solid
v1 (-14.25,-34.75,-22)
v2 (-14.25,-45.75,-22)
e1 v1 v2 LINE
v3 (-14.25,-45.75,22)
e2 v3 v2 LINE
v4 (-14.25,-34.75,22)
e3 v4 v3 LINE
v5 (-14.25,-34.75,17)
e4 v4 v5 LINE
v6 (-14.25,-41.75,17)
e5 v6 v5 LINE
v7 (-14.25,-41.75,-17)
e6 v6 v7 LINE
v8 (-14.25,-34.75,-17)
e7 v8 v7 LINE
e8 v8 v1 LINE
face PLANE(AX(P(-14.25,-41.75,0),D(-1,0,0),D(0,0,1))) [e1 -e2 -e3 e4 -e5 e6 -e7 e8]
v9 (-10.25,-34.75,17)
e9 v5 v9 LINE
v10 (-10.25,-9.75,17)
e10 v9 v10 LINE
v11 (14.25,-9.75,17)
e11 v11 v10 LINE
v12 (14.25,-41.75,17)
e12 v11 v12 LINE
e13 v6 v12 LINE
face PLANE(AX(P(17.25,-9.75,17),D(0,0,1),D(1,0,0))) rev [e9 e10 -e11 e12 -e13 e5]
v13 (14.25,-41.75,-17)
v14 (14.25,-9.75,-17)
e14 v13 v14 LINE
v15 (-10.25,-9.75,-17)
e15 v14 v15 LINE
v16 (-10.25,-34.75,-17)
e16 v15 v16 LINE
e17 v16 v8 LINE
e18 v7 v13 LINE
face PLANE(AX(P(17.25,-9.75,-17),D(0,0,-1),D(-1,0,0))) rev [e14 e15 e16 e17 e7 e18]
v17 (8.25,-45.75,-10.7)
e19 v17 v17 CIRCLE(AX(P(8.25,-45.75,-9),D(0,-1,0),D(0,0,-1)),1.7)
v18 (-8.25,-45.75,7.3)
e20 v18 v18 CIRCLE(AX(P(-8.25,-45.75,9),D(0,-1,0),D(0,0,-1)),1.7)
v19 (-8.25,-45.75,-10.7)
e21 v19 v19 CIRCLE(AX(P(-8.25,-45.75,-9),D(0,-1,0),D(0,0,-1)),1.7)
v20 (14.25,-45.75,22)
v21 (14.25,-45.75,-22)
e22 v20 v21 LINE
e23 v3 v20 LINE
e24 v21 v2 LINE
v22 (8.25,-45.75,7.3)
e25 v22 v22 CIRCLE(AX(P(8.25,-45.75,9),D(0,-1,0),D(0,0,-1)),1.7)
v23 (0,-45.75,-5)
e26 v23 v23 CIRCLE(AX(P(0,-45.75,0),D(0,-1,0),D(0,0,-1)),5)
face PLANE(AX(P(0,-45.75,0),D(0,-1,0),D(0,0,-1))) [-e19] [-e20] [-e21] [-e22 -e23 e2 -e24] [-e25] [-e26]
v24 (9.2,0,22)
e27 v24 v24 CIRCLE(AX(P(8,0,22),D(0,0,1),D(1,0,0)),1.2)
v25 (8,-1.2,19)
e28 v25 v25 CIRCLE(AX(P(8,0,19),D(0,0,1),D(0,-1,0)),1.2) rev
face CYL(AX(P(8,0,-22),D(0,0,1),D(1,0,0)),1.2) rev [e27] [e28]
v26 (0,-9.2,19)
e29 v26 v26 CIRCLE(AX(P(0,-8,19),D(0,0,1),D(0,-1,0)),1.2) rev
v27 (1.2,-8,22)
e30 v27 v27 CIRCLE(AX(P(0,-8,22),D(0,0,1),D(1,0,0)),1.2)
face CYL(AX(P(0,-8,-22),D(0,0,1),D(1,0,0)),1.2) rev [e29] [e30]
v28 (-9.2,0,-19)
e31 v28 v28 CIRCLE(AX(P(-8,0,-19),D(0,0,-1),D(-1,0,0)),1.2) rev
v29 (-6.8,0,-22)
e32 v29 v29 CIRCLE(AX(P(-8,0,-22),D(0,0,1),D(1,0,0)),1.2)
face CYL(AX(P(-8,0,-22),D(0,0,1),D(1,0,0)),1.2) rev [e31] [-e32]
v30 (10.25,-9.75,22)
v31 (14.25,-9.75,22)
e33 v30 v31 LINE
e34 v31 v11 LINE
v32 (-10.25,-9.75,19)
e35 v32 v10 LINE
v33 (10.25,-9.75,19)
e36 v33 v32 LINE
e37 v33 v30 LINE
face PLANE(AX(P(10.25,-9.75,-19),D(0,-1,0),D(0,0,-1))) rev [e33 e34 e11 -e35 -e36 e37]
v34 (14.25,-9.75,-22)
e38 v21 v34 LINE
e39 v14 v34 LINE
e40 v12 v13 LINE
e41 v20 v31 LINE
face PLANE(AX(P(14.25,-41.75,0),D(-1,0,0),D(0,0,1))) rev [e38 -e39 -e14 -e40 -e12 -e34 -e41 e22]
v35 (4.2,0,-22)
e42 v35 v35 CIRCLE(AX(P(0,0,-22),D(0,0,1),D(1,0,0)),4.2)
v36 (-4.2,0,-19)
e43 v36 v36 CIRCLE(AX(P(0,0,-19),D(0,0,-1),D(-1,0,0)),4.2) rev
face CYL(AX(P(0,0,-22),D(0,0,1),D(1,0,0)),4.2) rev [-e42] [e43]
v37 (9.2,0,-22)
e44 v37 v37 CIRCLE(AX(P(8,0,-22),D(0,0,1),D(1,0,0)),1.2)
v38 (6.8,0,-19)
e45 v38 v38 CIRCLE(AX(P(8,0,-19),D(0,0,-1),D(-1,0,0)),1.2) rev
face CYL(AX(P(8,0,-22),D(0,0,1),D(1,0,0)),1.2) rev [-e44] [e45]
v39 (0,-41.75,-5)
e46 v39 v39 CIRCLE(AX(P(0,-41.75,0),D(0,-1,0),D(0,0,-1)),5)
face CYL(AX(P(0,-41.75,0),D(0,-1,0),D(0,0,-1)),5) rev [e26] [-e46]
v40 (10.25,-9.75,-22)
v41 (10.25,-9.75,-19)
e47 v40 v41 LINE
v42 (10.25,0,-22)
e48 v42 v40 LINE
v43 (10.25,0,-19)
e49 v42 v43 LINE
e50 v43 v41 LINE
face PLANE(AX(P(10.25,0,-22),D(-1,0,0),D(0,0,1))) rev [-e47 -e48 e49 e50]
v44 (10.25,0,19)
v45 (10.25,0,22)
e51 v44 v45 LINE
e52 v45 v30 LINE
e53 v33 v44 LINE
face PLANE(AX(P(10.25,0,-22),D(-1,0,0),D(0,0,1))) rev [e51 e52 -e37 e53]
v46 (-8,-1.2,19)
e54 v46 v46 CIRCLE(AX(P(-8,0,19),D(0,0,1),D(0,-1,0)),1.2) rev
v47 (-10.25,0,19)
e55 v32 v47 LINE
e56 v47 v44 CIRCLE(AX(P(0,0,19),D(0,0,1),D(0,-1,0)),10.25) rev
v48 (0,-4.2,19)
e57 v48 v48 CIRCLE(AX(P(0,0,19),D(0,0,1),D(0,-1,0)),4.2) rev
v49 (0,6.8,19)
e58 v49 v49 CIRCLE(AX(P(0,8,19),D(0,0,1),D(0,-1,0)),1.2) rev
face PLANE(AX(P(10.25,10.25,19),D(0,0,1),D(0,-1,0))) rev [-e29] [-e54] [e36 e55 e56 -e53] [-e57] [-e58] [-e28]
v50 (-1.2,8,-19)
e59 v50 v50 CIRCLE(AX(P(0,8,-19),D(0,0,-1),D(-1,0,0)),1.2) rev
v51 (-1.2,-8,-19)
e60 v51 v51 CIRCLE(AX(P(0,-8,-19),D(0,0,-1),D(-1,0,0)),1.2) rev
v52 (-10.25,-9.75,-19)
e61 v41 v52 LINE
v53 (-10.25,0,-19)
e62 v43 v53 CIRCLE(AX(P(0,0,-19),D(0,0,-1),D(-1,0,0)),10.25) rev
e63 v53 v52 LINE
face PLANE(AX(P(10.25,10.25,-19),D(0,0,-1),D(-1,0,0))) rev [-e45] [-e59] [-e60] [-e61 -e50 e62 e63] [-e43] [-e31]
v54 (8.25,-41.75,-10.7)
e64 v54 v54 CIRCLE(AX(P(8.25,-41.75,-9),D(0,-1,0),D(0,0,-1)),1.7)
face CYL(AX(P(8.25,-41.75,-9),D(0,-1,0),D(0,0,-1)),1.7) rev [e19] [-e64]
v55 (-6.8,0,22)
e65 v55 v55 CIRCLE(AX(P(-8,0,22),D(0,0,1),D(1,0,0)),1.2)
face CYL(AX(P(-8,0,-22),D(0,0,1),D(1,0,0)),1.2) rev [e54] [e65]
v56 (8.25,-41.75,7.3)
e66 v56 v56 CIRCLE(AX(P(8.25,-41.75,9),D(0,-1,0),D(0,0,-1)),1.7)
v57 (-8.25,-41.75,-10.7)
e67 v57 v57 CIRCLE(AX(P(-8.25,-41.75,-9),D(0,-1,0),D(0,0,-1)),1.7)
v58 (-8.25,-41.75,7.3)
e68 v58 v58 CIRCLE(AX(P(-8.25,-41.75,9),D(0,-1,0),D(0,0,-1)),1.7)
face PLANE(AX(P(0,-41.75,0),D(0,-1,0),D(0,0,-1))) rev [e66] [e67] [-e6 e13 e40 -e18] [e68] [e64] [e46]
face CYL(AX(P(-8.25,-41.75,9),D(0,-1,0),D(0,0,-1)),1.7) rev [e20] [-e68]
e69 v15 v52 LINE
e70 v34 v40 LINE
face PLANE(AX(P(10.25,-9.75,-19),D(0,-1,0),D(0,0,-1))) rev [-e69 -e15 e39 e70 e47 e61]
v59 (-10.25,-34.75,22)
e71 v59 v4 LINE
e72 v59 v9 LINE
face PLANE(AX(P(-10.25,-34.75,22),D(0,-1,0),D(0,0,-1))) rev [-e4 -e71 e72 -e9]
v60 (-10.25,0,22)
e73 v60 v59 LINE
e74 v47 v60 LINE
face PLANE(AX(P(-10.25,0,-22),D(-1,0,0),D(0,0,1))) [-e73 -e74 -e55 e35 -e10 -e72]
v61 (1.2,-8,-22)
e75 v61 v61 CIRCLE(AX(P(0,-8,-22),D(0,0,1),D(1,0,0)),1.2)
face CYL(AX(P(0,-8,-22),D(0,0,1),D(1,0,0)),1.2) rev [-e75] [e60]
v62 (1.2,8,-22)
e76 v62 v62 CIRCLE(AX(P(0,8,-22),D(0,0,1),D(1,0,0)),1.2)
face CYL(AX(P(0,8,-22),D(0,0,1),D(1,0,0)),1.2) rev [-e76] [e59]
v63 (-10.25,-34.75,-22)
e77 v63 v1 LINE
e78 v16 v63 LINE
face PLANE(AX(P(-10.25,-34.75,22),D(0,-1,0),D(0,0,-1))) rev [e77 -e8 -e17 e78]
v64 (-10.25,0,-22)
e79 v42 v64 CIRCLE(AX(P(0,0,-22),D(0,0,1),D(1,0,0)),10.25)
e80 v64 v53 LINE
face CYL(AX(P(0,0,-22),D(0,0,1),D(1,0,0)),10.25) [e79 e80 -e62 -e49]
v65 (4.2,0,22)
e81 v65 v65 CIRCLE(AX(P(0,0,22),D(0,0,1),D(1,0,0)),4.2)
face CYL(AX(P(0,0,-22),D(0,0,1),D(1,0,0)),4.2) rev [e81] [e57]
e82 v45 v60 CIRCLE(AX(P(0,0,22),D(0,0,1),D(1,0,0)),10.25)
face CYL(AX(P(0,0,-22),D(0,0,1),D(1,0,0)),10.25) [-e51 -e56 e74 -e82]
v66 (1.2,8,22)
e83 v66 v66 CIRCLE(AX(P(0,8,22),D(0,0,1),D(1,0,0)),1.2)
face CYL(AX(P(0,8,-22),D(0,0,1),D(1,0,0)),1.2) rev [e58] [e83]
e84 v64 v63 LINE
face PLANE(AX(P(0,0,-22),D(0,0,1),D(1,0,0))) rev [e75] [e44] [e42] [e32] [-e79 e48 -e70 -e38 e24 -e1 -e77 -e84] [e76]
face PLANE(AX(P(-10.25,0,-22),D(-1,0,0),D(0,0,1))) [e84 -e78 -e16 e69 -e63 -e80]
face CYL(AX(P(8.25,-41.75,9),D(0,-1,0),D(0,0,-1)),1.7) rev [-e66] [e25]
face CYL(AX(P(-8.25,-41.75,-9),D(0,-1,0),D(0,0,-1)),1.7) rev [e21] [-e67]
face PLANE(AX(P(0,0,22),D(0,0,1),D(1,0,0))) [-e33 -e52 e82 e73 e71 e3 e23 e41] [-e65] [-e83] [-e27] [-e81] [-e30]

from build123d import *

# Parameters (mm, degrees)
BOSS_EXTRUDE1_DEPTH      = 22
BOSS_EXTRUDE1_DEPTH_BACK = 22
SKETCH1_R                = 1.2
SKETCH1_R_2              = 4.2
SKETCH2_W                = 38
SKETCH2_H                = 20
CUT_EXTRUDE1_DEPTH       = 105.423416914
SKETCH3_W                = 7
SKETCH3_H                = 44
BOSS_EXTRUDE2_DEPTH      = 36
SKETCH5_W                = 34
SKETCH5_H                = 50
CUT_EXTRUDE3_DEPTH       = 109.047443283
SKETCH6_W                = 20.5
SKETCH6_H                = 54.25
CUT_EXTRUDE4_DEPTH       = 111.605436123
SKETCH20_W               = 28.5
SKETCH20_H               = 34
SKETCH20_R               = 1.7
SKETCH20_R_2             = 5
BOSS_EXTRUDE5_DEPTH      = 4
SKETCH21_W               = 3
SKETCH21_H               = 36
CUT_EXTRUDE12_DEPTH      = 66.777085676
SKETCH22_W               = 4
SKETCH22_H               = 25
CUT_EXTRUDE14_DEPTH      = 66.054784605


with BuildPart() as part:
    # Sketch1 → Boss-Extrude1 (new, two sides: drawn at the far end of the back side and taken through both)
    with BuildSketch(Plane.XY.offset(-BOSS_EXTRUDE1_DEPTH_BACK)):
        with BuildLine():
            ThreePointArc((10.25, 0), (0, 10.25), (-10.25, 0))
            Line((-10.25, 0), (-10.25, -100))
            Line((-10.25, -100), (10.25, -100))
            Line((10.25, -100), (10.25, 0))
        make_face()
        with Locations((8, 0)):
            Circle(SKETCH1_R, mode=Mode.SUBTRACT)
        with Locations((0, 8)):
            Circle(SKETCH1_R, mode=Mode.SUBTRACT)
        with Locations((-8, 0)):
            Circle(SKETCH1_R, mode=Mode.SUBTRACT)
        Circle(SKETCH1_R_2, mode=Mode.SUBTRACT)
        with Locations((0, -8)):
            Circle(SKETCH1_R, mode=Mode.SUBTRACT)
    extrude(amount=BOSS_EXTRUDE1_DEPTH + BOSS_EXTRUDE1_DEPTH_BACK)

    # Sketch2 → Cut-Extrude1 (cut, through all)
    with BuildSketch(Plane.ZY.offset(10.25)):
        with Locations((0, 0.25)):
            Rectangle(SKETCH2_W, SKETCH2_H)
    extrude(amount=-CUT_EXTRUDE1_DEPTH, mode=Mode.SUBTRACT)

    # Sketch3 → Boss-Extrude2 (add)
    with BuildSketch(Plane(origin=(0, -9.75, 0), x_dir=(1, 0, 0), z_dir=(0, 1, 0))):
        with Locations((-13.75, 0)):
            Rectangle(SKETCH3_W, SKETCH3_H)
        with Locations((13.75, 0)):
            Rectangle(SKETCH3_W, SKETCH3_H)
    extrude(amount=-BOSS_EXTRUDE2_DEPTH)

    # Sketch5 → Cut-Extrude3 (cut, through all)
    with BuildSketch(Plane.ZY.offset(17.25)):
        with Locations((0, -34.75)):
            Rectangle(SKETCH5_W, SKETCH5_H)
    extrude(amount=-CUT_EXTRUDE3_DEPTH, mode=Mode.SUBTRACT)

    # Sketch6 → Cut-Extrude4 (cut, through all)
    with BuildSketch(Plane.XY.offset(22)):
        with Locations((0, -72.875)):
            Rectangle(SKETCH6_W, SKETCH6_H)
    extrude(amount=-CUT_EXTRUDE4_DEPTH, mode=Mode.SUBTRACT)


with BuildPart() as cut_extrude4_piece_1:
    # of the separate pieces the step leaves, piece 1, a body of its own (cut_extrude4_pieces)
    add(part.part.solids().sort_by_distance((17.25, -45.75, -17))[0])



with BuildPart() as cut_extrude4_piece_2:
    # of the separate pieces the step leaves, piece 2, a body of its own (cut_extrude4_pieces)
    add(part.part.solids().sort_by_distance((-10.25, 0, 22))[0])


with BuildPart() as cut_extrude4_piece_1_1:
    add(cut_extrude4_piece_1.part)

    add(cut_extrude4_piece_2.part)  # Boss-Extrude5 merges Cut-Extrude4 piece 2
    # Sketch20 → Boss-Extrude5 (add)
    with BuildSketch(Plane.XZ.offset(45.75)):
        Rectangle(SKETCH20_W, SKETCH20_H)
        with Locations((-8.25, -9)):
            Circle(SKETCH20_R, mode=Mode.SUBTRACT)
        with Locations((8.25, -9)):
            Circle(SKETCH20_R, mode=Mode.SUBTRACT)
        with Locations((-8.25, 9)):
            Circle(SKETCH20_R, mode=Mode.SUBTRACT)
        Circle(SKETCH20_R_2, mode=Mode.SUBTRACT)
        with Locations((8.25, 9)):
            Circle(SKETCH20_R, mode=Mode.SUBTRACT)
    extrude(amount=-BOSS_EXTRUDE5_DEPTH)

    # Sketch21 → Cut-Extrude12 (cut, through all)
    with BuildSketch(Plane(origin=(0, 0, -22), x_dir=(-1, 0, 0), z_dir=(0, 0, -1))):
        with Locations((-15.75, -27.75)):
            Rectangle(SKETCH21_W, SKETCH21_H)
        with Locations((15.75, -27.75)):
            Rectangle(SKETCH21_W, SKETCH21_H)
    extrude(amount=-CUT_EXTRUDE12_DEPTH, mode=Mode.SUBTRACT)

    # Sketch22 → Cut-Extrude14 (cut, through all)
    with BuildSketch(Plane(origin=(0, 0, -22), x_dir=(-1, 0, 0), z_dir=(0, 0, -1))):
        with Locations((12.25, -22.25)):
            Rectangle(SKETCH22_W, SKETCH22_H)
    extrude(amount=-CUT_EXTRUDE14_DEPTH, mode=Mode.SUBTRACT)


solid = cut_extrude4_piece_1_1.part
